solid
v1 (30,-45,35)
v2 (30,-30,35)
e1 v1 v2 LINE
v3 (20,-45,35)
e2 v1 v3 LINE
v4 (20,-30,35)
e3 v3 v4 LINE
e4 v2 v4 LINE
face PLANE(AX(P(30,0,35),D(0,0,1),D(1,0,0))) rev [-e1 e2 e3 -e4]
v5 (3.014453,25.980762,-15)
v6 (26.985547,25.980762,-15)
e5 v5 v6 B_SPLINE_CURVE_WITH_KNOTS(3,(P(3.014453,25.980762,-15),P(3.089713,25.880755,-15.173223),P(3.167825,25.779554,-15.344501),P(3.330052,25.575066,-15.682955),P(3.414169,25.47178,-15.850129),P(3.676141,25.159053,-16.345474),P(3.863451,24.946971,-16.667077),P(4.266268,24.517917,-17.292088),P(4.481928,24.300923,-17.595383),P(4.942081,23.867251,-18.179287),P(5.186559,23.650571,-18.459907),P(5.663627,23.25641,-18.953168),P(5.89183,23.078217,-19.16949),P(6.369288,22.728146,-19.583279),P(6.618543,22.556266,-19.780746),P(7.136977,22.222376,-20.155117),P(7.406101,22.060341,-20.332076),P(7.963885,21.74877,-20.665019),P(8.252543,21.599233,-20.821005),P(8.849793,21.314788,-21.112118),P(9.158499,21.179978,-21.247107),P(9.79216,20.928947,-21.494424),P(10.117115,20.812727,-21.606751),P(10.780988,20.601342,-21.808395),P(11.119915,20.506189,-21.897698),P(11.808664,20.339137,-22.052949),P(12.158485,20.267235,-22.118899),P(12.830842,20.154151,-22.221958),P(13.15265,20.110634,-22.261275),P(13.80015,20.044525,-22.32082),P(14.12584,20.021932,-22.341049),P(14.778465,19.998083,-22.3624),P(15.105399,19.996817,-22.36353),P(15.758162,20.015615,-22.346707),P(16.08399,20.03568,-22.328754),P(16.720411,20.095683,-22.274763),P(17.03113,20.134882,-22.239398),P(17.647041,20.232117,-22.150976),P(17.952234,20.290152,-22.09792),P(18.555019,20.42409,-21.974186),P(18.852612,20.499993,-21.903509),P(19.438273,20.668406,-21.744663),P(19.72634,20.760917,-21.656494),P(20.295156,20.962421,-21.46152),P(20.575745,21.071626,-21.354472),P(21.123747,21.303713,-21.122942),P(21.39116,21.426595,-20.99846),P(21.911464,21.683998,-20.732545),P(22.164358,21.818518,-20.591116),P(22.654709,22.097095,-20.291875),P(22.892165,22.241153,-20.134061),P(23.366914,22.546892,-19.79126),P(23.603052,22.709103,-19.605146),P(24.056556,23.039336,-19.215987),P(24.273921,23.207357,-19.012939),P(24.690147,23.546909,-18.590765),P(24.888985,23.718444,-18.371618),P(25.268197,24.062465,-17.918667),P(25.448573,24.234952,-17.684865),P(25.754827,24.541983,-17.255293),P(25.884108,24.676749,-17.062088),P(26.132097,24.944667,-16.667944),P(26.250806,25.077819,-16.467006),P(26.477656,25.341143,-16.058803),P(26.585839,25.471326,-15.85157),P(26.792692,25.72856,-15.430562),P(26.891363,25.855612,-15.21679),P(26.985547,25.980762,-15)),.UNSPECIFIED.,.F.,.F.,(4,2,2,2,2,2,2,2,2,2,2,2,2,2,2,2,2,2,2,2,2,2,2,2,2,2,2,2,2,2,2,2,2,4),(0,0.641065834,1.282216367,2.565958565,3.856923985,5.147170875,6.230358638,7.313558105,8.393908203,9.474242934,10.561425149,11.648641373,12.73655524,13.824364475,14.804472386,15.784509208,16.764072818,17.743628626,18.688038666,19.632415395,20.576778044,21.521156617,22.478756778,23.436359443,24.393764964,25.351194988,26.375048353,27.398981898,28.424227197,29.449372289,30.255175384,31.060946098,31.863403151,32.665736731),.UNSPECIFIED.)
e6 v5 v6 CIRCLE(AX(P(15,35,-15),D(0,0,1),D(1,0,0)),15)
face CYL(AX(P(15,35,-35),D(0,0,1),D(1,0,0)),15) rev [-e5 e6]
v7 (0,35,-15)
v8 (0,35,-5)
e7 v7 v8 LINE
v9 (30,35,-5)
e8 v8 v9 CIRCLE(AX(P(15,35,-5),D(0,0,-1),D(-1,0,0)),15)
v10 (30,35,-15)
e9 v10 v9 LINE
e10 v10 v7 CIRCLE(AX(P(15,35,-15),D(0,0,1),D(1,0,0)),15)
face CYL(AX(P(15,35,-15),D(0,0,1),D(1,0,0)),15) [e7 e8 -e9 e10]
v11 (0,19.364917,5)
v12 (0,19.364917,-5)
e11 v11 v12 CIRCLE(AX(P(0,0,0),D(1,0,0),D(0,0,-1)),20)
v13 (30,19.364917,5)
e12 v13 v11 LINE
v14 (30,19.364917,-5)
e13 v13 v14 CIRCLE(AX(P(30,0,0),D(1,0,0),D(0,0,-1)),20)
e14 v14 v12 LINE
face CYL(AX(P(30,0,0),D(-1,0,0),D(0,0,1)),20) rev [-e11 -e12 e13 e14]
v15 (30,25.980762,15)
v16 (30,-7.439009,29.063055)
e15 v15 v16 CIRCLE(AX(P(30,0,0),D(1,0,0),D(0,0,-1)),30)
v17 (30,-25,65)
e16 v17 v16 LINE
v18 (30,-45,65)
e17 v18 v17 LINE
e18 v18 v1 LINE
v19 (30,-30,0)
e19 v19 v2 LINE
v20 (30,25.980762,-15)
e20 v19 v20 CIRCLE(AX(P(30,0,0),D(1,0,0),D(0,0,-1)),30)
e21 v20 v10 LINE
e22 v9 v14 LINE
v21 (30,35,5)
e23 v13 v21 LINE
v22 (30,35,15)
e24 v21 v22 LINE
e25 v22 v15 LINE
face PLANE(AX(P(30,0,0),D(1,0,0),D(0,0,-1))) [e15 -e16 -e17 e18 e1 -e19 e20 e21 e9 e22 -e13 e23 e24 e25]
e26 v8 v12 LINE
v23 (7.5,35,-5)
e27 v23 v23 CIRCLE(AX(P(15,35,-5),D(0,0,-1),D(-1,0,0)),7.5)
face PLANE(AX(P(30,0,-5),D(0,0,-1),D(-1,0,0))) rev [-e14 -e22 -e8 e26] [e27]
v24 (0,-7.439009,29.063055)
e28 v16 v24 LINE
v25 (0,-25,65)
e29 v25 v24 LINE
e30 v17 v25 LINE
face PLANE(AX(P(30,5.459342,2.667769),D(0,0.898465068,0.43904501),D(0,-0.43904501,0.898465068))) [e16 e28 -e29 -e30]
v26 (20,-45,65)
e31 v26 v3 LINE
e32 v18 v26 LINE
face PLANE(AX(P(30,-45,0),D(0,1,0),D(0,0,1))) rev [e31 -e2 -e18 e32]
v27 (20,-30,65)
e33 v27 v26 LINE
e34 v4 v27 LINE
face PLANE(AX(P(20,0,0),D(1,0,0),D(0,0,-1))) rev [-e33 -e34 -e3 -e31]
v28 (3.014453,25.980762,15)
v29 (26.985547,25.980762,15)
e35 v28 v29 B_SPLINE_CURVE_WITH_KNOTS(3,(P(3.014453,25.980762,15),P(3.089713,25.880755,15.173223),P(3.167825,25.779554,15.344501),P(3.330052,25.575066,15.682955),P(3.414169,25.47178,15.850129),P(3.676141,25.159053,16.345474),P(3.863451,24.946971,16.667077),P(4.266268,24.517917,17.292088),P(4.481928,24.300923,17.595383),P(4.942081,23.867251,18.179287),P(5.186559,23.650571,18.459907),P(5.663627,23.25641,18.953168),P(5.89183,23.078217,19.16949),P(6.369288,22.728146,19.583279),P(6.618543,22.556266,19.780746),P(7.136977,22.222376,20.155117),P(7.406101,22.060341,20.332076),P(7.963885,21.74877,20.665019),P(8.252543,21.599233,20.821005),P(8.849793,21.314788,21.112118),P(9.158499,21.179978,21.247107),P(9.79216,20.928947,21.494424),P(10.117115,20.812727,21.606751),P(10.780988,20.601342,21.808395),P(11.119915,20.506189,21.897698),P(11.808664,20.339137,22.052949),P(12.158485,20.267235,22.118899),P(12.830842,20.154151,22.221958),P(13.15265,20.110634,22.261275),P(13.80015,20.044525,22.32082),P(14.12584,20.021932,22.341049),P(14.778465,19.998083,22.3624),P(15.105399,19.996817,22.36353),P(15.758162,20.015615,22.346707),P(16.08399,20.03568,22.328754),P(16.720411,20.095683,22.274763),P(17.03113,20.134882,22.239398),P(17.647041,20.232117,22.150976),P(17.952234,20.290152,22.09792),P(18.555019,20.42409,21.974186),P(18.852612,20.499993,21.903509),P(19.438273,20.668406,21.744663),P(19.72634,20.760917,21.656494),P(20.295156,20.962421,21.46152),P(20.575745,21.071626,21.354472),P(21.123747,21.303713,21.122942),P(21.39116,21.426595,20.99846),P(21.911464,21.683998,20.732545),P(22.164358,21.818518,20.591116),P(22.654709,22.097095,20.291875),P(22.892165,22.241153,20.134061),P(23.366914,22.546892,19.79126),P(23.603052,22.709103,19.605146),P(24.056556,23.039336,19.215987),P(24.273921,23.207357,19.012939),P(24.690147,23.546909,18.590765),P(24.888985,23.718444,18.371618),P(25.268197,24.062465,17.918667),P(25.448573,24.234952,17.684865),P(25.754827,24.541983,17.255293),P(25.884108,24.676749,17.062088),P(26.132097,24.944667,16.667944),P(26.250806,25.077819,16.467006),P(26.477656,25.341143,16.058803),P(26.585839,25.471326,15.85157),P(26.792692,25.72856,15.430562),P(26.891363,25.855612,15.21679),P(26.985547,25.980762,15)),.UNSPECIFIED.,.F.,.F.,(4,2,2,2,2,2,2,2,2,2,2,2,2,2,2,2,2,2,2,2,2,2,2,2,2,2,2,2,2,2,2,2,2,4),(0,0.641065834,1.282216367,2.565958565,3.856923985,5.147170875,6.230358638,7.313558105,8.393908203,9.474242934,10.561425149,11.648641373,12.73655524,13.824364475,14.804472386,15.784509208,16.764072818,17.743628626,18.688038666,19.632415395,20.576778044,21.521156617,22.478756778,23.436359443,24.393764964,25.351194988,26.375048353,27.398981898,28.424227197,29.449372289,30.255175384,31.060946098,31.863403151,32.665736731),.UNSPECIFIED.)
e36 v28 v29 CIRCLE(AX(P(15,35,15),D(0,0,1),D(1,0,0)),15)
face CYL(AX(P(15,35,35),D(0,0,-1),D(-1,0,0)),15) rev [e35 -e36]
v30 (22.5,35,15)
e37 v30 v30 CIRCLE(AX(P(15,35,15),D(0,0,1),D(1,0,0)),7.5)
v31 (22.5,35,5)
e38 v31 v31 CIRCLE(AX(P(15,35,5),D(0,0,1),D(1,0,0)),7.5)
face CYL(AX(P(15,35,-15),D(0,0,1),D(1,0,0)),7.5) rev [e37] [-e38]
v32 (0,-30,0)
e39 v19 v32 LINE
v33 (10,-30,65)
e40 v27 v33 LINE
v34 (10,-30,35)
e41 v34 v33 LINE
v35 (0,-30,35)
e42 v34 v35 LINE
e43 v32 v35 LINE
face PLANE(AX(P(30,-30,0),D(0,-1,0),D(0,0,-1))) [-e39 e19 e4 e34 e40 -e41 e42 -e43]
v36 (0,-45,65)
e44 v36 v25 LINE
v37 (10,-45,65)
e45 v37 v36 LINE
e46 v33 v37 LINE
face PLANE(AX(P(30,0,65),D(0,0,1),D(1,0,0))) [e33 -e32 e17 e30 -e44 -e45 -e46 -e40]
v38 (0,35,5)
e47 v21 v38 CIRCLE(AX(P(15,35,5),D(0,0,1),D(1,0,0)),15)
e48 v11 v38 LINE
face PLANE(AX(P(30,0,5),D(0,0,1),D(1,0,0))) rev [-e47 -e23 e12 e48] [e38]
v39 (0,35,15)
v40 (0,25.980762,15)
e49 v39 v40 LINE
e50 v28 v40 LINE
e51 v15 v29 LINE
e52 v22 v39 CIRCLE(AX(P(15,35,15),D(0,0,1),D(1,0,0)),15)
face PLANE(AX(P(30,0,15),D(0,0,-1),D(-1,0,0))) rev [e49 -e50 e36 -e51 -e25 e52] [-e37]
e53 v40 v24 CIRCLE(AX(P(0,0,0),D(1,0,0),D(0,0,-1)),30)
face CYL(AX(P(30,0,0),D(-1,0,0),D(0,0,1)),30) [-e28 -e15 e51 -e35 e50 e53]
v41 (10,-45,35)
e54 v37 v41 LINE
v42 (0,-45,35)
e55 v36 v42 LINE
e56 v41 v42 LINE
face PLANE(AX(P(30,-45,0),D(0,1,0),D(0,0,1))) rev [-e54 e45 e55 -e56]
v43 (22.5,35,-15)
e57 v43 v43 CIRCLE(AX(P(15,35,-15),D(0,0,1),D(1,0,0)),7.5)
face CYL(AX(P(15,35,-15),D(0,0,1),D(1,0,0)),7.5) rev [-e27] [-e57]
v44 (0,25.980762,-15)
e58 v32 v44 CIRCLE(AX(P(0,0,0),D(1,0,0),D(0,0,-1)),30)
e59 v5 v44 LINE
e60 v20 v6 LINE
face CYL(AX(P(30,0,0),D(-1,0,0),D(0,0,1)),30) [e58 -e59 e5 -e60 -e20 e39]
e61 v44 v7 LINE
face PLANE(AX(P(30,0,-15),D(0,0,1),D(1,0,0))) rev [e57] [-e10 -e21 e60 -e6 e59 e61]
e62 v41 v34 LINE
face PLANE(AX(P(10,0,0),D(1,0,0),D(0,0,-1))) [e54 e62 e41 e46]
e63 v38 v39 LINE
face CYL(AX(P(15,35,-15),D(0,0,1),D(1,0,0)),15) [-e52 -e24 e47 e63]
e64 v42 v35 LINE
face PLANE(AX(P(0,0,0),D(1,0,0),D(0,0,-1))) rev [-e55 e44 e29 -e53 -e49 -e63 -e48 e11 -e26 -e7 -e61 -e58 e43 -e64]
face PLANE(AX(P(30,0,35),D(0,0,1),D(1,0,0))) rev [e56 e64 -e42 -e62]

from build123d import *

# Parameters (mm, degrees)
SKETCH1_W           = 30
SKETCH1_H           = 15
BOSS_EXTRUDE1_DEPTH = 30
CUT_EXTRUDE1_DEPTH  = 15
SKETCH4_3_R         = 7.5
CUT_EXTRUDE2_DEPTH  = 15
CUT_EXTRUDE3_START  = 35
SKETCH4_4_R         = 15
SKETCH4_4_R_2       = 7.5
CUT_EXTRUDE3_DEPTH  = 20
CUT_EXTRUDE4_START  = -15
SKETCH4_5_R         = 15
SKETCH4_5_R_2       = 7.5
CUT_EXTRUDE4_DEPTH  = 20
CUT_EXTRUDE5_START  = 10
SKETCH1_3_W         = 30
SKETCH1_3_H         = 15
CUT_EXTRUDE5_DEPTH  = 10


with BuildPart() as part:
    # Sketch1 → Boss-Extrude1 (new body)
    with BuildSketch(Plane(origin=(0, 0, 0), x_dir=(0, 0, -1), z_dir=(1, 0, 0))):
        with BuildLine():
            Line((0, -30), (-65, -30))
            Line((-65, -30), (-65, -25))
            Line((-65, -25), (-29.063054532, -7.439009429))
            ThreePointArc((-29.063054532, -7.439009429), (-27.651554679, 11.635786344), (-15, 25.980762114))
            Line((-15, 25.980762114), (-15, 50))
            Line((-15, 50), (-5, 50))
            Line((-5, 50), (-5, 19.364916731))
            ThreePointArc((-5, 19.364916731), (0, -20), (5, 19.364916731))
            Line((5, 19.364916731), (5, 50))
            Line((5, 50), (15, 50))
            Line((15, 50), (15, 25.980762114))
            ThreePointArc((15, 25.980762114), (28.977774789, -7.764571353), (0, -30))
        make_face()
        with Locations((-50, -37.5)):
            Rectangle(SKETCH1_W, SKETCH1_H)
    extrude(amount=BOSS_EXTRUDE1_DEPTH)

    # Sketch4 → Cut-Extrude1 (cut, symmetric)
    with BuildSketch(Plane.XY):
        with BuildLine():
            ThreePointArc((0, 35), (4.393398282, 45.606601718), (15, 50))
            Line((15, 50), (0, 50))
            Line((0, 50), (0, 35))
        make_face()
        with BuildLine():
            Line((30, 50), (15, 50))
            ThreePointArc((15, 50), (25.606601718, 45.606601718), (30, 35))
            Line((30, 35), (30, 50))
        make_face()
    extrude(amount=CUT_EXTRUDE1_DEPTH, both=True, mode=Mode.SUBTRACT)

    # Sketch4<3> → Cut-Extrude2 (cut, symmetric)
    with BuildSketch(Plane.XY):
        with Locations((15, 35)):
            Circle(SKETCH4_3_R)
    extrude(amount=CUT_EXTRUDE2_DEPTH, both=True, mode=Mode.SUBTRACT)

    # Sketch4<4> → Cut-Extrude3 (cut)
    with BuildSketch(Plane.XY.offset(CUT_EXTRUDE3_START)):
        with Locations((15, 35)):
            Circle(SKETCH4_4_R)
        with Locations((15, 35)):
            Circle(SKETCH4_4_R_2, mode=Mode.SUBTRACT)
    extrude(amount=-CUT_EXTRUDE3_DEPTH, mode=Mode.SUBTRACT)

    # Sketch4<5> → Cut-Extrude4 (cut)
    with BuildSketch(Plane.XY.offset(CUT_EXTRUDE4_START)):
        with Locations((15, 35)):
            Circle(SKETCH4_5_R)
        with Locations((15, 35)):
            Circle(SKETCH4_5_R_2, mode=Mode.SUBTRACT)
    extrude(amount=-CUT_EXTRUDE4_DEPTH, mode=Mode.SUBTRACT)

    # Sketch1<3> → Cut-Extrude5 (cut)
    with BuildSketch(Plane(origin=(0, 0, 0), x_dir=(0, 0, -1), z_dir=(1, 0, 0)).offset(CUT_EXTRUDE5_START)):
        with Locations((-50, -37.5)):
            Rectangle(SKETCH1_3_W, SKETCH1_3_H)
    extrude(amount=CUT_EXTRUDE5_DEPTH, mode=Mode.SUBTRACT)


solid = part.part
